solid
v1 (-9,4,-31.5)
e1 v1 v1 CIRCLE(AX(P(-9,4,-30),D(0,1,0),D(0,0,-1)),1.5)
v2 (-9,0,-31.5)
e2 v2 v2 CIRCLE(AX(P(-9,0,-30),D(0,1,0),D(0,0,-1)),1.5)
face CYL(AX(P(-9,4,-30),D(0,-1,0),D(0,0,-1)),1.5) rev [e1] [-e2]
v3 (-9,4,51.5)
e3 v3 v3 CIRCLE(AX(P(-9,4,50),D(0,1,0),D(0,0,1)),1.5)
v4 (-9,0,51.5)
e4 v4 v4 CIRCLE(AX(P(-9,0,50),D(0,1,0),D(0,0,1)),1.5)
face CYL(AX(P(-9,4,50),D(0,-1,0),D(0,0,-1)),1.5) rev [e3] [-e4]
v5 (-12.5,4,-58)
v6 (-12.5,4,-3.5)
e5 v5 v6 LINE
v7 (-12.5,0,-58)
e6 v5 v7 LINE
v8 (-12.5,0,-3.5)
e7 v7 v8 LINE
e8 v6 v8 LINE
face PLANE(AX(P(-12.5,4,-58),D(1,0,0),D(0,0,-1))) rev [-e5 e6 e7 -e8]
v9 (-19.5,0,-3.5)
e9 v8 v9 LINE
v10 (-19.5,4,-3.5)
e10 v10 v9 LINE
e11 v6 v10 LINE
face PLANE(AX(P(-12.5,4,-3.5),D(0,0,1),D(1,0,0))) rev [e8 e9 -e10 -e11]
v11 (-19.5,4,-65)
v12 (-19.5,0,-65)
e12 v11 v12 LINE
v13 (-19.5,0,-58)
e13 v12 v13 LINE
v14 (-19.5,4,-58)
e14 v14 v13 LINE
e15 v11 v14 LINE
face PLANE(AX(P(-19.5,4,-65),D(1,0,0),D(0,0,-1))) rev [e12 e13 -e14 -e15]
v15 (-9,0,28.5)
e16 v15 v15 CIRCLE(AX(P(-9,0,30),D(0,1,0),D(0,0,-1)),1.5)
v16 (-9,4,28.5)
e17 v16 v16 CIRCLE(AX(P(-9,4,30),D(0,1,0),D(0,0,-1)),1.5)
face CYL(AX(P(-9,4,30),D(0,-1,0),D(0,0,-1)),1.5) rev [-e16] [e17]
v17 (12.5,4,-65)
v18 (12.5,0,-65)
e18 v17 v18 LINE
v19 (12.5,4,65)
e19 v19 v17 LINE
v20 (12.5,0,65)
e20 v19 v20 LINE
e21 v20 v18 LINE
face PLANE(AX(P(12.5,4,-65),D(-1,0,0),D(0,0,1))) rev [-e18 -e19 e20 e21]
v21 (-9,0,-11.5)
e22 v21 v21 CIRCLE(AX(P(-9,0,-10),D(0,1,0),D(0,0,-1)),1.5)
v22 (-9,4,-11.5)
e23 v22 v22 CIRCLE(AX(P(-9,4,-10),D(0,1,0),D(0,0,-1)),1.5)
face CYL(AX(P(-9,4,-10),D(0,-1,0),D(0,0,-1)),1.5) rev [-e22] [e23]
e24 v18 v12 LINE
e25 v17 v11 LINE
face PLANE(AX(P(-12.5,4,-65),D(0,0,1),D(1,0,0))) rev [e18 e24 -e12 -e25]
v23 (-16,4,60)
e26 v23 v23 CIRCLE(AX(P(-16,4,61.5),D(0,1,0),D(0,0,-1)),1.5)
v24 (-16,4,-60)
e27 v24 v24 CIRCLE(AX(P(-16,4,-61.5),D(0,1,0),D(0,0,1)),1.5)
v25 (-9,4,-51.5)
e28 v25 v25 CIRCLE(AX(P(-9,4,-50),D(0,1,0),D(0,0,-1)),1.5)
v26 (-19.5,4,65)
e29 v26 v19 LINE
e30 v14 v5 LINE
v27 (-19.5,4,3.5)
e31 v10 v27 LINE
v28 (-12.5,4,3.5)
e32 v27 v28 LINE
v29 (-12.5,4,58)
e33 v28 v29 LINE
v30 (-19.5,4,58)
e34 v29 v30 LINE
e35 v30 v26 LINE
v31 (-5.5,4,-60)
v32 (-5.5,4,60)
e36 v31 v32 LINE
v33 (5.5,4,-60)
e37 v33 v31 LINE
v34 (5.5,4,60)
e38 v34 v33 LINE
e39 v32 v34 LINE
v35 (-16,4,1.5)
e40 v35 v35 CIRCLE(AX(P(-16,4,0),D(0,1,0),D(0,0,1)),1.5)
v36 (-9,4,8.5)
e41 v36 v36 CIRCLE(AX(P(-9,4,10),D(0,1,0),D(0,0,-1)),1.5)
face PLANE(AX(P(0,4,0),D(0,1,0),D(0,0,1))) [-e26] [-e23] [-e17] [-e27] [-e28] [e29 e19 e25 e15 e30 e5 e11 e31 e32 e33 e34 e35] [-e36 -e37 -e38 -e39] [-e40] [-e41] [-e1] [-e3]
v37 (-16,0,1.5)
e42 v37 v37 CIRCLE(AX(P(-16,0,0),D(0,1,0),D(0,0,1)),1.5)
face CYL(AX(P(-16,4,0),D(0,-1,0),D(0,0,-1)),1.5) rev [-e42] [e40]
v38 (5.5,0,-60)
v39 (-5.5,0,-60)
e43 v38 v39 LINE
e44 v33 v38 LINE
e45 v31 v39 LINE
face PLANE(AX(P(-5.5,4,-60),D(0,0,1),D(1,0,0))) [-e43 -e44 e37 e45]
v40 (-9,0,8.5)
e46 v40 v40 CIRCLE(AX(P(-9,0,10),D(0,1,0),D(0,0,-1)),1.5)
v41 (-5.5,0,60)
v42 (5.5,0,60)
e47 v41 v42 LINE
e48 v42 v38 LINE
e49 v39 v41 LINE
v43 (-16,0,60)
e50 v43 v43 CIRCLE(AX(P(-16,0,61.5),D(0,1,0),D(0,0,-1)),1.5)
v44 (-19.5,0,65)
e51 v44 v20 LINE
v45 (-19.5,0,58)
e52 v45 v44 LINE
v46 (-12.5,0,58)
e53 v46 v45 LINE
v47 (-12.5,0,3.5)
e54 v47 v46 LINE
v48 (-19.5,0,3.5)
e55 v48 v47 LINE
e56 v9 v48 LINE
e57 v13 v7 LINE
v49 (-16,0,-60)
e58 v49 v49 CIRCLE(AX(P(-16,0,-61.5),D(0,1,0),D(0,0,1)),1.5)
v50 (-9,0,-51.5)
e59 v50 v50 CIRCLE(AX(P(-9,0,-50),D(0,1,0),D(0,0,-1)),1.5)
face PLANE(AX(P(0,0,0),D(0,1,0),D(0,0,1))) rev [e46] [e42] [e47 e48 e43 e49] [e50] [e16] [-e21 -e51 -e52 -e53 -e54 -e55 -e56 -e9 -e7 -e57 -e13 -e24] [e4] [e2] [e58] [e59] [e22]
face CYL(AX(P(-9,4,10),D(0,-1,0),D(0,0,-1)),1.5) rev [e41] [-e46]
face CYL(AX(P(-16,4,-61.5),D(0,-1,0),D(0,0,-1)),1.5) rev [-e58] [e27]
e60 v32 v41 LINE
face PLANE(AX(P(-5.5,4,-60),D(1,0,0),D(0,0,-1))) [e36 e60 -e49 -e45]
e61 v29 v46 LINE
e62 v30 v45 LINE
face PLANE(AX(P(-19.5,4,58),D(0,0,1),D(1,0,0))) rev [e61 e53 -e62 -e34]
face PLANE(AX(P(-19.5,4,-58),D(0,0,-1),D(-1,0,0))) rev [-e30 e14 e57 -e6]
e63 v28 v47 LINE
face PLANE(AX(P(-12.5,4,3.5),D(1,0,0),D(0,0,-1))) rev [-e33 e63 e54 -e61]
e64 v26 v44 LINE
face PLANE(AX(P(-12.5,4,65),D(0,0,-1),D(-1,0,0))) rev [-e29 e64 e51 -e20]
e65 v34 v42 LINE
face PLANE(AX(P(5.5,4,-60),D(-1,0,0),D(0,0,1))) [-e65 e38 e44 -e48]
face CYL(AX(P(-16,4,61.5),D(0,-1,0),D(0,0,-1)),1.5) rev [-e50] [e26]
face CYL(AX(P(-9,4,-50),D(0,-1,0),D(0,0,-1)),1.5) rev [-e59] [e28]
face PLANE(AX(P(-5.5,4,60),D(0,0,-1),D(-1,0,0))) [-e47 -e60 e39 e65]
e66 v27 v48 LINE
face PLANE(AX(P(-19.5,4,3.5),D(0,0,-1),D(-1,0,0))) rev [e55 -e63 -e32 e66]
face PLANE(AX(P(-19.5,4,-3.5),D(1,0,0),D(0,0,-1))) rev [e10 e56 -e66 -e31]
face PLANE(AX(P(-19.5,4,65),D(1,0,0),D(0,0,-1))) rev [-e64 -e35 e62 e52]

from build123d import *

# Parameters (mm, degrees)
SKETCH1_R           = 1.5
SKETCH1_W           = 11
SKETCH1_H           = 120
BOSS_EXTRUDE1_DEPTH = 4


with BuildPart() as part:
    # Sketch1 → Boss-Extrude1 (new body)
    with BuildSketch(Plane(origin=(0, 0, 0), x_dir=(1, 0, 0), z_dir=(0, 1, 0))):
        Polygon((-12.5, 65), (12.5, 65), (12.5, -65), (-12.5, -65), (-19.5, -65), (-19.5, -58), (-12.5, -58), (-12.5, -3.5), (-19.5, -3.5), (-19.5, 3.5), (-12.5, 3.5), (-12.5, 58), (-19.5, 58), (-19.5, 65), align=None)
        with Locations(Location((-9, 50, 0), (0, 0, 90))):
            Circle(SKETCH1_R, mode=Mode.SUBTRACT)
        with Locations(Location((-16, 61.5, 0), (0, 0, 270))):
            Circle(SKETCH1_R, mode=Mode.SUBTRACT)
        with Locations(Location((-16, 0, 0), (0, 0, 270))):
            Circle(SKETCH1_R, mode=Mode.SUBTRACT)
        with Locations(Location((-16, -61.5, 0), (0, 0, 90))):
            Circle(SKETCH1_R, mode=Mode.SUBTRACT)
        with Locations(Location((-9, -50, 0), (0, 0, 270))):
            Circle(SKETCH1_R, mode=Mode.SUBTRACT)
        with Locations(Location((-9, 30, 0), (0, 0, 90))):
            Circle(SKETCH1_R, mode=Mode.SUBTRACT)
        with Locations(Location((-9, 10, 0), (0, 0, 90))):
            Circle(SKETCH1_R, mode=Mode.SUBTRACT)
        with Locations(Location((-9, -10, 0), (0, 0, 90))):
            Circle(SKETCH1_R, mode=Mode.SUBTRACT)
        with Locations(Location((-9, -30, 0), (0, 0, 90))):
            Circle(SKETCH1_R, mode=Mode.SUBTRACT)
        Rectangle(SKETCH1_W, SKETCH1_H, mode=Mode.SUBTRACT)
    extrude(amount=BOSS_EXTRUDE1_DEPTH)


solid = part.part
